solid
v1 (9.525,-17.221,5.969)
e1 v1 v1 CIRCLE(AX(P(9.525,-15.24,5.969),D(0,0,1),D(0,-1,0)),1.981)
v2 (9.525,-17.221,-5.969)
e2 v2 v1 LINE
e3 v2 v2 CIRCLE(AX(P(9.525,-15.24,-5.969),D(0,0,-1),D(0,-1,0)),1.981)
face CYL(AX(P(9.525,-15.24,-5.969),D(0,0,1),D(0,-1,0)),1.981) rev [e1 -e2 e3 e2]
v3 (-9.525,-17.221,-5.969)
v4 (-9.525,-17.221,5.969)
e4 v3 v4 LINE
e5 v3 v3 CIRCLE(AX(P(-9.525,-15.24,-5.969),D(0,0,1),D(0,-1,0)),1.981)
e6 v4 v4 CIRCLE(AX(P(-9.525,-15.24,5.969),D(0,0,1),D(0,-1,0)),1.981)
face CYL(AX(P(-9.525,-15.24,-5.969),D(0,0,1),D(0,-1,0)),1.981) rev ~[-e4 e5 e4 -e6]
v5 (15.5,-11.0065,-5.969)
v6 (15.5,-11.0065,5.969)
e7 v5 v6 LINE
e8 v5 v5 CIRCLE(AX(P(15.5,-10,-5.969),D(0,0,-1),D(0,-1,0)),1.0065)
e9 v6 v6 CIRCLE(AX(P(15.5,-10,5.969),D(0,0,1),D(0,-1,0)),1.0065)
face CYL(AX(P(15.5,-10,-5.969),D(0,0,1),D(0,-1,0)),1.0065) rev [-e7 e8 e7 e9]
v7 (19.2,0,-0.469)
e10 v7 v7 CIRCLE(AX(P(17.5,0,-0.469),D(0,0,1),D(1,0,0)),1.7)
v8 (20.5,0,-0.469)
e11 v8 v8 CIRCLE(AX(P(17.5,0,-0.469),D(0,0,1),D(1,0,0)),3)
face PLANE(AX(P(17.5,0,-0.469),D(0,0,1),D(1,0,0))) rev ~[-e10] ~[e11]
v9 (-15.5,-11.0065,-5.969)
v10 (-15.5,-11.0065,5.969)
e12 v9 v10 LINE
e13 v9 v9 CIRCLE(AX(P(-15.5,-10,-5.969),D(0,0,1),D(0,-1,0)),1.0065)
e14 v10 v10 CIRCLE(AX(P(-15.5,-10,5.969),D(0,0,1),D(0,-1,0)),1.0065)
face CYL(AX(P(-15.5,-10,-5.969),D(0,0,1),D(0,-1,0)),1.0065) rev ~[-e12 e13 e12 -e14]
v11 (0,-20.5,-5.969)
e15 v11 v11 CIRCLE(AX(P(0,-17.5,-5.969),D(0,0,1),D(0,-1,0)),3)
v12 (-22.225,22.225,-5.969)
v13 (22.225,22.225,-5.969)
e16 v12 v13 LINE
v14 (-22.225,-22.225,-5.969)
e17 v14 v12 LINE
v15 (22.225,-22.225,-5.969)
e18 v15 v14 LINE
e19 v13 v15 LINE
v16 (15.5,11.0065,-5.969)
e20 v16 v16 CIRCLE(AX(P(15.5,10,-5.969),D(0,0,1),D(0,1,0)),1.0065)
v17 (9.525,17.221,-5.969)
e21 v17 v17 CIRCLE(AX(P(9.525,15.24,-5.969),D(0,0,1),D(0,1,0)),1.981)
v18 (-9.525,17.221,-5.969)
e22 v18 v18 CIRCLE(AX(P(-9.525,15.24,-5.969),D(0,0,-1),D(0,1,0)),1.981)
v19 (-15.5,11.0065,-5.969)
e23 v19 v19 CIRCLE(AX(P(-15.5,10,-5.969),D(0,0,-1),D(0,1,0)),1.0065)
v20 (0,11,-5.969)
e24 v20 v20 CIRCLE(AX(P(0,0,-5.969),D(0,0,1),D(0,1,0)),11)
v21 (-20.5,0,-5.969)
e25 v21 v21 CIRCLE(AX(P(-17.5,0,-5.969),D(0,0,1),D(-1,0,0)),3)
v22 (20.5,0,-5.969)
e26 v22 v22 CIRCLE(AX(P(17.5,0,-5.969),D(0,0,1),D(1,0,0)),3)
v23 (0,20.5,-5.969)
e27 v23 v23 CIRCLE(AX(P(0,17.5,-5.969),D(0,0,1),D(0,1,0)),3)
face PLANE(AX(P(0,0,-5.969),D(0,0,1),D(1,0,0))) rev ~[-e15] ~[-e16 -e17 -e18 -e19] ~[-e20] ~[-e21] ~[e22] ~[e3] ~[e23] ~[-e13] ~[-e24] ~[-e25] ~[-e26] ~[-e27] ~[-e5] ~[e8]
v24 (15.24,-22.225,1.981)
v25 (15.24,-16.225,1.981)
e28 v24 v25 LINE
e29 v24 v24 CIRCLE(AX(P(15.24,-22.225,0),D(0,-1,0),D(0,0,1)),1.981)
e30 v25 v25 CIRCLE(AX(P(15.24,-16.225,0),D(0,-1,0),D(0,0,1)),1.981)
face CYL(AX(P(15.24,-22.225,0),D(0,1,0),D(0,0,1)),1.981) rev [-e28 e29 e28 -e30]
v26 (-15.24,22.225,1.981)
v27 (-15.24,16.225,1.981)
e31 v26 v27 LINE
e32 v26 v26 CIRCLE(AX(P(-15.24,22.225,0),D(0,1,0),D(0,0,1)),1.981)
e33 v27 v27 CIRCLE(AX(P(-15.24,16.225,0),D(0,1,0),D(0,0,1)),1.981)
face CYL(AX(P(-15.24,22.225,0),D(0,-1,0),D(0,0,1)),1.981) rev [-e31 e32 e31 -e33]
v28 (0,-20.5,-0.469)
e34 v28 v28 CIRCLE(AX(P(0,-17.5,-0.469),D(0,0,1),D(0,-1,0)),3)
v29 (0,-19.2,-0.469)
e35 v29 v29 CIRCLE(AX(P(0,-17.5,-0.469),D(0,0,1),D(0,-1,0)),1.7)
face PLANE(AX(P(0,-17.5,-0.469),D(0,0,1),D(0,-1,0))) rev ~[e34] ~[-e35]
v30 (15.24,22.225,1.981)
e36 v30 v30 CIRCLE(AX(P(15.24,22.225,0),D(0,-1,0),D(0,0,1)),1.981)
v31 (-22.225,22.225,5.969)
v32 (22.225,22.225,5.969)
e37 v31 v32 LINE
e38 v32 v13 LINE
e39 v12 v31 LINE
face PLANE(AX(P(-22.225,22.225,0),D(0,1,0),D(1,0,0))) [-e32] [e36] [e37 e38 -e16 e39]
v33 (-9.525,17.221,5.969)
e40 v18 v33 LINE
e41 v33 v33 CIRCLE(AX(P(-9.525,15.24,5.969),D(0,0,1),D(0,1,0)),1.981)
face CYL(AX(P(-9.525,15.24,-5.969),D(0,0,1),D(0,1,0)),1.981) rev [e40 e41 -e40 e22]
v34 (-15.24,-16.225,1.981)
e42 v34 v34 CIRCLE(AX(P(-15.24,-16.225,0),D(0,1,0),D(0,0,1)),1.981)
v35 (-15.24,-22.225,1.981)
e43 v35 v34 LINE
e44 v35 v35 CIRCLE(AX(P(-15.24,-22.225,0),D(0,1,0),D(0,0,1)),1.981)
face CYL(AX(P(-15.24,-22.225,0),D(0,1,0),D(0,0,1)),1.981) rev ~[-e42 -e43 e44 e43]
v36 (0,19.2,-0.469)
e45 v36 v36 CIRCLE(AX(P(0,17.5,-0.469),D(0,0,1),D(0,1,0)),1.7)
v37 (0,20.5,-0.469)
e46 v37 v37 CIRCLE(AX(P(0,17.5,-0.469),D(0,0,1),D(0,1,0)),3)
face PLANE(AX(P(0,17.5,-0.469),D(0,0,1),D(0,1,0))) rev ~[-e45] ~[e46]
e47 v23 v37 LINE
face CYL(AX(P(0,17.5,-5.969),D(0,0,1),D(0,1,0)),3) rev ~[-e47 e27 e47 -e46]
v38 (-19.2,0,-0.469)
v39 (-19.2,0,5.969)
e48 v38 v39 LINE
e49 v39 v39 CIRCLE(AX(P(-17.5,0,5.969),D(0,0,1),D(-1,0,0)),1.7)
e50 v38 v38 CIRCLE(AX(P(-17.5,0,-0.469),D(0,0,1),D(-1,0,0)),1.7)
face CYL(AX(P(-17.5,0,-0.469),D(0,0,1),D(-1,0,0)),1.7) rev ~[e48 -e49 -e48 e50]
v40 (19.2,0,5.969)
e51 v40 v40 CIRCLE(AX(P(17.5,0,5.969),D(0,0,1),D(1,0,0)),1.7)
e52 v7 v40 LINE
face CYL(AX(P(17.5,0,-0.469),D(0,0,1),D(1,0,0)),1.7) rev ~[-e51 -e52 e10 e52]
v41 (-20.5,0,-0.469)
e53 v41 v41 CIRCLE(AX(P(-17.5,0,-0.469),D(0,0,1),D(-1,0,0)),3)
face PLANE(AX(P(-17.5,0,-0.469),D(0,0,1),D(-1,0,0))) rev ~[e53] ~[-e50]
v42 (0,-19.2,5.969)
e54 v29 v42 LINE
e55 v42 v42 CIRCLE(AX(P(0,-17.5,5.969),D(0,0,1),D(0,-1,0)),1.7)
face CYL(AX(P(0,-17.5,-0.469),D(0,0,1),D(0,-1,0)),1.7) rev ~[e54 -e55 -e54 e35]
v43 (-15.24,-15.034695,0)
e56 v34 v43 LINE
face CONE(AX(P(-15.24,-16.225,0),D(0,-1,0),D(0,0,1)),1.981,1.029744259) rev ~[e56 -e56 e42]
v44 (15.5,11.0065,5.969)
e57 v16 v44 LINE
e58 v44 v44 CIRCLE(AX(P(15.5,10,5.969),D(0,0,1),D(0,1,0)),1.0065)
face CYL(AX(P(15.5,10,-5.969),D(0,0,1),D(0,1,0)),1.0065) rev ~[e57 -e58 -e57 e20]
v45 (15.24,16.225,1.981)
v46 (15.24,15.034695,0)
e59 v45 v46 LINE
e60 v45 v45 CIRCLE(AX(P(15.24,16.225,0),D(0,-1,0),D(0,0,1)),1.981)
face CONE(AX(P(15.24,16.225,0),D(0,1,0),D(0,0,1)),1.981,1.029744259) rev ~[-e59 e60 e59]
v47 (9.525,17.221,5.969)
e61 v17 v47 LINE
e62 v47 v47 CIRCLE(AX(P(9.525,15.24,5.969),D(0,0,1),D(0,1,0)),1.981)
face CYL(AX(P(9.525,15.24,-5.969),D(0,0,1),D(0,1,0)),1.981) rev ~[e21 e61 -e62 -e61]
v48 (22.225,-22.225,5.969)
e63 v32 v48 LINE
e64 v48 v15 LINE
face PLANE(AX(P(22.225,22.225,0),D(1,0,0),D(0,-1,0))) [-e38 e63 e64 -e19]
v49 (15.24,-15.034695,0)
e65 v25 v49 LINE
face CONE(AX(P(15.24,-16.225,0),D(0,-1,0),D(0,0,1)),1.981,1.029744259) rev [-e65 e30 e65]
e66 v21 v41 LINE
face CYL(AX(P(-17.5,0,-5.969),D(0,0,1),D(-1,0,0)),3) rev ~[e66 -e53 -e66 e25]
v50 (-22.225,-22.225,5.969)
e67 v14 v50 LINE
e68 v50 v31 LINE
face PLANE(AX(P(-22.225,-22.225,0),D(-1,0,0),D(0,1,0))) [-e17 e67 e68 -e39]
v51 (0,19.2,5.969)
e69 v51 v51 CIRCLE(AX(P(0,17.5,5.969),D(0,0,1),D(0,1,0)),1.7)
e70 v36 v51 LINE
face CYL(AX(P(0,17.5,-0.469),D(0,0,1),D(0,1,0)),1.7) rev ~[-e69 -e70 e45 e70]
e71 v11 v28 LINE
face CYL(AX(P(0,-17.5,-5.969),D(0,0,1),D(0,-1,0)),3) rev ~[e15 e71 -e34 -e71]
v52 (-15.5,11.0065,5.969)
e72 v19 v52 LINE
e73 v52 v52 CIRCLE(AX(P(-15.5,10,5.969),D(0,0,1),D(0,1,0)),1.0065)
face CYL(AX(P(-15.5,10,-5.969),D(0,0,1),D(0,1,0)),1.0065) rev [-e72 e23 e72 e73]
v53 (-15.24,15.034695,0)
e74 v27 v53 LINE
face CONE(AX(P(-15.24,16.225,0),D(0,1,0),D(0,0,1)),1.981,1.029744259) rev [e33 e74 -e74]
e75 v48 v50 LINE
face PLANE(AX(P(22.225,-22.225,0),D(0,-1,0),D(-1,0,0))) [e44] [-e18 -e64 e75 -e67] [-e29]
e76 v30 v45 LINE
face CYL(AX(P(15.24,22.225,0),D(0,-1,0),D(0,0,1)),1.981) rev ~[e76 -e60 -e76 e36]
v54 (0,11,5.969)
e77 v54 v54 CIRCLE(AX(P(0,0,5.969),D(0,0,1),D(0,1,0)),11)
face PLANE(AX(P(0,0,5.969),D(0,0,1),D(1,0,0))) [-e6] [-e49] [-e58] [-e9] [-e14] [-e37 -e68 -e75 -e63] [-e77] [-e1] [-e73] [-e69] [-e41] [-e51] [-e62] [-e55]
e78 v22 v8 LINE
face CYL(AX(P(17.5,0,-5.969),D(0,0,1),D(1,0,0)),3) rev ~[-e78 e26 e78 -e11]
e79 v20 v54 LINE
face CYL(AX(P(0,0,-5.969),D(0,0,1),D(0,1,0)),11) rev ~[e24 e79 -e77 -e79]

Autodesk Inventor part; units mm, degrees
ref_plane "YZ Plane" through (0, 0, 0) normal (1, 0, 0) x (0, 1, 0)
ref_plane "XZ Plane" through (0, 0, 0) normal (0, 1, 0) x (-1, 0, 0)
ref_plane "XY Plane" through (0, 0, 0) normal (0, 0, 1) x (1, 0, 0)
sketch "Sketch1" plane through (0, 0, 0) normal (0, 0, 1) x (1, 0, 0)
  line L0 (-22.225, 22.225) -> (22.225, 22.225)
  line L1 (22.225, 22.225) -> (22.225, -22.225)
  line L2 (22.225, -22.225) -> (-22.225, -22.225)
  line L3 (-22.225, -22.225) -> (-22.225, 22.225)
  line L4 (0, 0) -> (0, 22.225) construction
  line L5 (0, 0) -> (0, -22.225) construction
  line L6 (0, 0) -> (22.225, 0) construction
  line L7 (0, 0) -> (-22.225, 0) construction
  dimension "d0" = 44.45
  dimension "d1" = 44.45
extrude "Extrusion1" add sketch "Sketch1" along normal mid plane 11.938
sketch "Sketch2" plane through (0, 0, -5.969) normal (0, 0, -1) x (-1, 0, 0)
  point P0 (0, 0)
hole "Hole1" at (0, 0, -5.969) direction (0, 0, 1) diameter 22 end through all
sketch "Sketch3" plane through (0, 0, -5.969) normal (0, 0, -1) x (-1, 0, 0)
  circle A0 centre (0, 0) radius 11 projected
  point P0 (0, 17.5)
  dimension "d11" = 17.5
hole "Hole2" at (0, 17.5, -5.969) direction (0, 0, 1) diameter 3.4 end through all counterbore diameter 6 counterbore depth 5.5
pattern_circular "Circular Pattern1" count 4 over 360 about axis through (0, 0, 58.0163) along (0, 0, -1) of "Hole2"
sketch "Sketch4" plane through (0, 0, -5.969) normal (0, 0, -1) x (-1, 0, 0)
  circle A0 centre (0, 0) radius 11 projected
  circle A1 centre (0, 17.5) radius 3 projected
  point P0 (-9.525, 15.24)
  dimension "d22" = 15.24
  dimension "d49" = 9.525
hole "Hole3" at (9.525, 15.24, -5.969) direction (0, 0, 1) diameter 3.962 end through all thread size "10-32 UNF" class "2B" standard "ANSI Unified Screw Threads"
mirror "Mirror1" about plane through (0, 0, 0) normal (1, 0, 0) of "Hole3"
mirror "Mirror2" about plane through (0, 0, 0) normal (0, 1, 0) of "Hole3", "Mirror1"
sketch "Sketch5" plane through (0, 0, -5.969) normal (0, 0, -1) x (-1, 0, 0)
  circle A0 centre (0, 0) radius 11 projected
  point P0 (-15.5, 10)
  dimension "d31" = 10
  dimension "d32" = 15.5
hole "Hole4" at (15.5, 10, -5.969) direction (0, 0, 1) diameter 2.013 end through all thread size "M2.5x0.45" class "6H" standard "ANSI Metric M Profile"
mirror "Mirror3" about plane through (0, 0, 0) normal (0, 1, 0) of "Hole4"
mirror "Mirror4" about plane through (0, 0, 0) normal (1, 0, 0) of "Hole4", "Mirror3", "Hole1"
sketch "Sketch6" plane through (-22.225, 22.225, 5.969) normal (0, 1, 0) x (1, 0, 0)
  line L0 (0, 0) -> (44.45, 0) projected
  line L1 (44.45, 11.938) -> (0, 11.938) projected
  line L2 (22.225, 0) -> (22.225, 11.938) construction
  line L3 (44.45, 0) -> (44.45, 11.938) projected
  line L4 (0, 11.938) -> (0, 0) projected
  line L5 (0, 5.969) -> (44.45, 5.969) construction
  point P0 (37.465, 5.969)
  dimension "d41" = 15.24
hole "Hole5" at (15.24, 22.225, 0) direction (0, -1, 0) diameter 3.962 depth 6 tip angle 118 thread size "10-32 UNF" class "2B" standard "ANSI Unified Screw Threads"
mirror "Mirror5" about plane through (0, 0, 0) normal (1, 0, 0) of "Hole5"
mirror "Mirror6" about plane through (0, 0, 0) normal (0, 1, 0) of "Hole5", "Mirror5"
properties part number "BB1-FrontPlate" material "Steel, Mild"
